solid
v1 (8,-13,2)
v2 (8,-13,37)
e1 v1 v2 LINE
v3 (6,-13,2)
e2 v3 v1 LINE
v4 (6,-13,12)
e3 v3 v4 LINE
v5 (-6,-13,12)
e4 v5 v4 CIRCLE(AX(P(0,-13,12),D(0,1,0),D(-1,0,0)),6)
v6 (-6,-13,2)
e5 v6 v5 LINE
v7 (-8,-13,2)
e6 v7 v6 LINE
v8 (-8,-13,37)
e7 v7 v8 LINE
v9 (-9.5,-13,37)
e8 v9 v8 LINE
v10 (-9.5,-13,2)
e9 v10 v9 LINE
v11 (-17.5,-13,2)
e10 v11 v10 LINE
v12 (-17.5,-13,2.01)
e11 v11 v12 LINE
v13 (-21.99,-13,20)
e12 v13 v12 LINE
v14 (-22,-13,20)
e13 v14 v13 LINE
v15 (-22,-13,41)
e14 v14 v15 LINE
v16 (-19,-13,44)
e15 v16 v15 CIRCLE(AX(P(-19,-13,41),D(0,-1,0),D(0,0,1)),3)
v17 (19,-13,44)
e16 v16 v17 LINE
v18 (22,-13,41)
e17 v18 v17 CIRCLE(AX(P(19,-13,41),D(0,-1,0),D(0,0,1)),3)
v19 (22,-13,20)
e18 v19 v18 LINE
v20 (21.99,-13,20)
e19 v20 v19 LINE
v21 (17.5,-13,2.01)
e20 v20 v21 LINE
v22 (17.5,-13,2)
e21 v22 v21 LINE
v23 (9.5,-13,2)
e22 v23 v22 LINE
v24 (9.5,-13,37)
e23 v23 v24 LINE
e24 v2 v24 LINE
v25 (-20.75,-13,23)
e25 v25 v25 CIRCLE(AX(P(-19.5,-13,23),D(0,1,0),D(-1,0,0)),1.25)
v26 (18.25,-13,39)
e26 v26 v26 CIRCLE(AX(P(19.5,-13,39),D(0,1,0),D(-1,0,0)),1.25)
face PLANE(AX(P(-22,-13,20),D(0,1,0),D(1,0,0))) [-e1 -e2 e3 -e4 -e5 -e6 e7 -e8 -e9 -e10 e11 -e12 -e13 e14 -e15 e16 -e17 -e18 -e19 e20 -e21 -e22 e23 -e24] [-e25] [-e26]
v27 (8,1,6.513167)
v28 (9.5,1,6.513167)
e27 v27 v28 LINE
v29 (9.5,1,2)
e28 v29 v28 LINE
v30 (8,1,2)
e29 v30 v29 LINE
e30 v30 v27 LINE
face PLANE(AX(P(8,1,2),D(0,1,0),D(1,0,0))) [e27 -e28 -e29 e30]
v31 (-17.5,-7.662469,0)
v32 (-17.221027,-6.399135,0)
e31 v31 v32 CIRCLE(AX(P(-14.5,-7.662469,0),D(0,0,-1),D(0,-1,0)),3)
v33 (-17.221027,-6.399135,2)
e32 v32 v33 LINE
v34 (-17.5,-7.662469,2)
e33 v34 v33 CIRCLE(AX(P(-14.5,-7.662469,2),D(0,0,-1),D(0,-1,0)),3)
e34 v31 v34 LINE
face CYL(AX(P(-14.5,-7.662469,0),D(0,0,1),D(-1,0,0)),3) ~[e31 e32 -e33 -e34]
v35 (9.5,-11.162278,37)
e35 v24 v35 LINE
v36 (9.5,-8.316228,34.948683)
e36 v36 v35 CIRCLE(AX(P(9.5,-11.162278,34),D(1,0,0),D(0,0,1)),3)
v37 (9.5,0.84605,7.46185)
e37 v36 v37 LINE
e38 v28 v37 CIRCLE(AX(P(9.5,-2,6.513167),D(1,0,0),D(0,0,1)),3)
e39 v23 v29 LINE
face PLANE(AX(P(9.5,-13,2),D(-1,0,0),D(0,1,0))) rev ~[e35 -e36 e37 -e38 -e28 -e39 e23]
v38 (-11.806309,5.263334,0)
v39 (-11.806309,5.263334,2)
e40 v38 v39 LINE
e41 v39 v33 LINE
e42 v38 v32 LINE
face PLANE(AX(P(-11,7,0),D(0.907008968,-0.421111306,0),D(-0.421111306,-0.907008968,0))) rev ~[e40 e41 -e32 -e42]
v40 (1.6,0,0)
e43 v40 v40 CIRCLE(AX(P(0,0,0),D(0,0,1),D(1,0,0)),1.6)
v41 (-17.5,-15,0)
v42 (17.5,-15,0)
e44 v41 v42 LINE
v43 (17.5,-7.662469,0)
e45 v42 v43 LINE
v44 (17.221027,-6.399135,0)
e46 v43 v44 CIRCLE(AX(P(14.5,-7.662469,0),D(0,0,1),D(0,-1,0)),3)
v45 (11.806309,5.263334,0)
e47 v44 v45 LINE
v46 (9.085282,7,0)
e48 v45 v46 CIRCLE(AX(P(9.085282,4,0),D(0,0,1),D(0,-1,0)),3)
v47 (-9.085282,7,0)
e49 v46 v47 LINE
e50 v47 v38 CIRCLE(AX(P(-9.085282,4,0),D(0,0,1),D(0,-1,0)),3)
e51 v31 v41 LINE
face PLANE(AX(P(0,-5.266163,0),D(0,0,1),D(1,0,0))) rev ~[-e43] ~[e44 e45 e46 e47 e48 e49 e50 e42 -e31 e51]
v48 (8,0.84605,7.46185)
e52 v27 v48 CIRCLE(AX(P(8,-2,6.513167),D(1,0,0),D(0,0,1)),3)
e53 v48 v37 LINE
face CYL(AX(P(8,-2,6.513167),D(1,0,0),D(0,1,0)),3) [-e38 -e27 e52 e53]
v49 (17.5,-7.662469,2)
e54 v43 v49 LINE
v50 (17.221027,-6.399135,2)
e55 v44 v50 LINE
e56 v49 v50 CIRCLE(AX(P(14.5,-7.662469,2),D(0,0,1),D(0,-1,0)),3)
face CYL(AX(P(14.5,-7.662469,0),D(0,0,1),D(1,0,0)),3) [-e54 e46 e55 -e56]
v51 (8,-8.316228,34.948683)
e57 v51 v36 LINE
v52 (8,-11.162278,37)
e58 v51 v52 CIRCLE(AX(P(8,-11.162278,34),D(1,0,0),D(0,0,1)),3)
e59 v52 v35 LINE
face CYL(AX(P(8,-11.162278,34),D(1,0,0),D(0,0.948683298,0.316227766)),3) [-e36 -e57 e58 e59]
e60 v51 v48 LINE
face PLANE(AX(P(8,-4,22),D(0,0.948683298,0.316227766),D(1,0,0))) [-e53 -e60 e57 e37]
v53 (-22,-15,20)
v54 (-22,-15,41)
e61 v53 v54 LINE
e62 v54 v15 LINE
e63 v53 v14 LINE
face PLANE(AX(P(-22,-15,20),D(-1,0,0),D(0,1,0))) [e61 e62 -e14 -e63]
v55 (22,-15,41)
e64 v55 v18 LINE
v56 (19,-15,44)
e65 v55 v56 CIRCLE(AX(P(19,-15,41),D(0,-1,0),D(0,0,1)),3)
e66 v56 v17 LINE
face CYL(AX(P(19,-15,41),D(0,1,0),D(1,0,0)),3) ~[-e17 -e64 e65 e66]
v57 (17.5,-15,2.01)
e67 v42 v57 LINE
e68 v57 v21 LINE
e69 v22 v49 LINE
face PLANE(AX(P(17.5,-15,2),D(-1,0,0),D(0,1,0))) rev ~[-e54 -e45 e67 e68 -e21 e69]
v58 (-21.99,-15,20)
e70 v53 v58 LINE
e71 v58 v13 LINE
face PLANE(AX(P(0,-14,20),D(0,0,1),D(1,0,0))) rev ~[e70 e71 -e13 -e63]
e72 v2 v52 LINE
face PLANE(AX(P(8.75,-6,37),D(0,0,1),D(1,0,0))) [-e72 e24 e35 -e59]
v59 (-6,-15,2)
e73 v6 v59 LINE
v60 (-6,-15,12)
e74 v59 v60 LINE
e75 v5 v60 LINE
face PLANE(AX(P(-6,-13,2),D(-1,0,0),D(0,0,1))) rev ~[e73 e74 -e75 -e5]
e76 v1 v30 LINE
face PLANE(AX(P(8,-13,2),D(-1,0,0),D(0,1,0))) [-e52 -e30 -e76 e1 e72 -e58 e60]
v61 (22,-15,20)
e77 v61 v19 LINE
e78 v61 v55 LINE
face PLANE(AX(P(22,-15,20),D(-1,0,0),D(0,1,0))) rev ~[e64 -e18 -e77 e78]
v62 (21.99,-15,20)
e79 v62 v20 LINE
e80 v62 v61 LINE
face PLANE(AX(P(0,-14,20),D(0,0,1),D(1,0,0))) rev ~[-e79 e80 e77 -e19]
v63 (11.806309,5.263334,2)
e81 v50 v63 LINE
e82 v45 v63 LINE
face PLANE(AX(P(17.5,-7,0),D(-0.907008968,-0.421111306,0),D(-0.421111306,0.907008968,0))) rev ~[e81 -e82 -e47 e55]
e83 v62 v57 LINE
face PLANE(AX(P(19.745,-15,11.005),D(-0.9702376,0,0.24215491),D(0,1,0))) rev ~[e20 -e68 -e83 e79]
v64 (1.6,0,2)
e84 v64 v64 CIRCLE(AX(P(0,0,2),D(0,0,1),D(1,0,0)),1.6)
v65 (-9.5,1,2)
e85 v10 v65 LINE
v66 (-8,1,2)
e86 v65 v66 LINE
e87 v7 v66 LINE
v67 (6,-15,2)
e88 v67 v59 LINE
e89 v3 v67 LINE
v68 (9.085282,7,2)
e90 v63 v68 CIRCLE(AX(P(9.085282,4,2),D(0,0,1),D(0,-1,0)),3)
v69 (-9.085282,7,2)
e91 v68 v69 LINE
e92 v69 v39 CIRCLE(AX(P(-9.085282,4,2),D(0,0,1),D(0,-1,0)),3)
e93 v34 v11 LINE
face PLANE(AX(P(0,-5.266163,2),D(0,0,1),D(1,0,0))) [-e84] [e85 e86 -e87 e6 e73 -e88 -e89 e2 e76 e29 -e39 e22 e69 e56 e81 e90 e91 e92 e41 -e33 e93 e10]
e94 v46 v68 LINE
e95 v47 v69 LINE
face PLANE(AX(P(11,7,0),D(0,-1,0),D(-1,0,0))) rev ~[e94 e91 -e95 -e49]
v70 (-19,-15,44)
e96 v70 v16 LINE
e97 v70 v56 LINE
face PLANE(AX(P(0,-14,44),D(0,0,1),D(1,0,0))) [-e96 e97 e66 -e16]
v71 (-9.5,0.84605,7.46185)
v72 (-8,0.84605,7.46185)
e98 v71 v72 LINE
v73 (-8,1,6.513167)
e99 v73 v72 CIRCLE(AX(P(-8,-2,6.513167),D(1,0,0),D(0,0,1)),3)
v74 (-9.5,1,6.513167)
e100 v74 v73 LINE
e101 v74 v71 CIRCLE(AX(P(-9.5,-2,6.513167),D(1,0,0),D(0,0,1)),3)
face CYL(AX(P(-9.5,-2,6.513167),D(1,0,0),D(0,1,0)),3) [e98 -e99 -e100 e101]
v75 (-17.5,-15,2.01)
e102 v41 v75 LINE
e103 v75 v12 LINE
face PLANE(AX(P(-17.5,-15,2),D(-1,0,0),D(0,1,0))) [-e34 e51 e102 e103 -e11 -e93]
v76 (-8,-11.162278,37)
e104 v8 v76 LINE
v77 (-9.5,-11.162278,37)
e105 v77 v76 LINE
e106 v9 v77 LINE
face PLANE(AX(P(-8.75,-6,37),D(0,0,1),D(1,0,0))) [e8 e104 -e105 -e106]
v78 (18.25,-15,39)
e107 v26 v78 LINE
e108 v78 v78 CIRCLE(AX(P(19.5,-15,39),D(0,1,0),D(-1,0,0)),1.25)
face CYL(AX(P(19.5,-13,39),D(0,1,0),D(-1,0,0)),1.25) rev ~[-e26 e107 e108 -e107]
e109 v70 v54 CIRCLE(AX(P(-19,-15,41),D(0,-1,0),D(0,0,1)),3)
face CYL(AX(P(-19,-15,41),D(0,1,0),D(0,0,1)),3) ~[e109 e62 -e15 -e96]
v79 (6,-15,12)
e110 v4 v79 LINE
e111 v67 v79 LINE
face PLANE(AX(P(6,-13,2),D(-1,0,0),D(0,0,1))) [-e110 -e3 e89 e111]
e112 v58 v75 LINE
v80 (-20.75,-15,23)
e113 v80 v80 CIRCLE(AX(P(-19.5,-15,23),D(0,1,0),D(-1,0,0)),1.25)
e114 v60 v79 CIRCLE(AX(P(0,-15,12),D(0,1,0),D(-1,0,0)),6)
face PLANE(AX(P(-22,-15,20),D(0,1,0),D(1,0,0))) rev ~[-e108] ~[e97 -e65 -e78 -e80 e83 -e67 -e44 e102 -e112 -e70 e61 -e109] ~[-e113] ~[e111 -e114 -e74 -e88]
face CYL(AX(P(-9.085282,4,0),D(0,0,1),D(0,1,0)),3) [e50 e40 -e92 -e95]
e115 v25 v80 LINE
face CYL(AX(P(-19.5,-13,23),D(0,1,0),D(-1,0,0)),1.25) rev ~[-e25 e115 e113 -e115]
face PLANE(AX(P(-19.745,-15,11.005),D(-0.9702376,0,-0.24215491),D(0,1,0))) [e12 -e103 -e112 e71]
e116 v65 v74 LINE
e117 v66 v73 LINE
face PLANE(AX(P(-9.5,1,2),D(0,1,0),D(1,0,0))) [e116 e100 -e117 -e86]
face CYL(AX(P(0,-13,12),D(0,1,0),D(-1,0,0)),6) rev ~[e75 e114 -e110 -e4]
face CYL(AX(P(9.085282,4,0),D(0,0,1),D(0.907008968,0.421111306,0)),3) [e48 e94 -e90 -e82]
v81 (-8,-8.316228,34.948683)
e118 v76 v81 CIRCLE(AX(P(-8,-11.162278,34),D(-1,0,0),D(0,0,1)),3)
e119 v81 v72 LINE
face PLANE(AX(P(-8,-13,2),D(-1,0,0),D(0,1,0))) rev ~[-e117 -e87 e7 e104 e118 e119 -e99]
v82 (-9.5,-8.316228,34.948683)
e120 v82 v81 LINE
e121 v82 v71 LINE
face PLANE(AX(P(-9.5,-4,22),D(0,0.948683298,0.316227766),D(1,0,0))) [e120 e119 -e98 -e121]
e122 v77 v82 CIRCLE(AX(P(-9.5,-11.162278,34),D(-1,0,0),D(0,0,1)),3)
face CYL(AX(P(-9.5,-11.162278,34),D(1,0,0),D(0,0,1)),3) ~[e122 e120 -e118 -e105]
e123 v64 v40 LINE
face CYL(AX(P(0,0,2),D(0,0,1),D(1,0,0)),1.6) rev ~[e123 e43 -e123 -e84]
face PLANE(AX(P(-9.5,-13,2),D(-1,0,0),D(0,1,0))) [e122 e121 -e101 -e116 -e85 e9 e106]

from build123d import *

# Parameters (mm, degrees)
PAD_DEPTH          = 2
SKETCH001_W        = 35
SKETCH001_H        = 2
PAD001_DEPTH       = 18
SKETCH002_W        = 44
SKETCH002_H        = 2
PAD002_DEPTH       = 24
CHAMFER_1_SIZE2    = 17.99
CHAMFER_1_SIZE     = 4.49
CHAMFER_2_SIZE2    = 17.99
CHAMFER_2_SIZE     = 4.49
FILLET_R           = 3
SKETCH003_R        = 1.25
POCKET_DEPTH       = 5
SKETCH004_R        = 1.6
POCKET001_DEPTH    = 5
SKETCH005_W        = 1.5
SKETCH005_H        = 14
PAD003_DEPTH       = 35
CHAMFER001_1_SIZE2 = 30
CHAMFER001_1_SIZE  = 10
CHAMFER001_2_SIZE2 = 30
CHAMFER001_2_SIZE  = 10
FILLET001_R        = 3
POCKET002_DEPTH    = 5


with BuildPart() as part:
    # Sketch → Pad (new body)
    with BuildSketch(Plane.XY):
        Polygon((-17.5, -15), (17.5, -15), (17.5, -7), (11, 7), (-11, 7), (-17.5, -7), align=None)
    extrude(amount=PAD_DEPTH)

    # Sketch001 (on Face8 of Pad) → Pad001 (join)
    with BuildSketch(Plane.XY.offset(2)):
        with Locations((0, -14)):
            Rectangle(SKETCH001_W, SKETCH001_H)
    extrude(amount=PAD001_DEPTH)

    # Sketch002 (on Face12 of Pad001) → Pad002 (join)
    with BuildSketch(Plane.XY.offset(20)):
        with Locations((0, -14)):
            Rectangle(SKETCH002_W, SKETCH002_H)
    extrude(amount=PAD002_DEPTH)

    # Chamfer 1
    chamfer_1_edges = [part.edges().sort_by_distance(p)[0] for p in [
        (-17.5, -14, 20),
    ]]
    chamfer_1_side = part.faces().sort_by_distance((-19.75, -14, 20))[0]
    chamfer(chamfer_1_edges, length=CHAMFER_1_SIZE, length2=CHAMFER_1_SIZE2, reference=chamfer_1_side)

    # Chamfer 2
    chamfer_2_edges = [part.edges().sort_by_distance(p)[0] for p in [
        (17.5, -14, 20),
    ]]
    chamfer_2_side = part.faces().sort_by_distance((19.75, -14, 20))[0]
    chamfer(chamfer_2_edges, length=CHAMFER_2_SIZE, length2=CHAMFER_2_SIZE2, reference=chamfer_2_side)

    # Fillet
    fillet_edges = [part.edges().sort_by_distance(p)[0] for p in [
        (22, -14, 44),
        (17.5, -7, 1),
        (11, 7, 1),
        (-11, 7, 1),
        (-17.5, -7, 1),
        (-22, -14, 44),
    ]]
    fillet(fillet_edges, radius=FILLET_R)

    # Sketch003 (on Face1 of Fillet) → Pocket (cut)
    with BuildSketch(Plane(origin=(0, -13, 0), x_dir=(-1, 0, 0), z_dir=(0, 1, 0))):
        with Locations((-19.5, 39)):
            Circle(SKETCH003_R)
        with Locations((19.5, 23)):
            Circle(SKETCH003_R)
    extrude(amount=-POCKET_DEPTH, mode=Mode.SUBTRACT)

    # Sketch004 (on Face16 of Pocket) → Pocket001 (cut)
    with BuildSketch(Plane.XY.offset(2)):
        Circle(SKETCH004_R)
    extrude(amount=-POCKET001_DEPTH, mode=Mode.SUBTRACT)

    # Sketch005 (on Face16 of Pocket001) → Pad003 (join)
    with BuildSketch(Plane.XY.offset(2)):
        with Locations((-8.75, -6)):
            Rectangle(SKETCH005_W, SKETCH005_H)
        with Locations((8.75, -6)):
            Rectangle(SKETCH005_W, SKETCH005_H)
    extrude(amount=PAD003_DEPTH)

    # Chamfer001 1
    chamfer001_1_edges = [part.edges().sort_by_distance(p)[0] for p in [
        (-8.75, 1, 37),
    ]]
    chamfer001_1_side = part.faces().sort_by_distance((-8.75, -6, 37))[0]
    chamfer(chamfer001_1_edges, length=CHAMFER001_1_SIZE, length2=CHAMFER001_1_SIZE2, reference=chamfer001_1_side)

    # Chamfer001 2
    chamfer001_2_edges = [part.edges().sort_by_distance(p)[0] for p in [
        (8.75, 1, 37),
    ]]
    chamfer001_2_side = part.faces().sort_by_distance((8.75, -6, 37))[0]
    chamfer(chamfer001_2_edges, length=CHAMFER001_2_SIZE, length2=CHAMFER001_2_SIZE2, reference=chamfer001_2_side)

    # Fillet001
    fillet001_edges = [part.edges().sort_by_distance(p)[0] for p in [
        (8.75, -9, 37),
        (-8.75, -9, 37),
        (-8.75, 1, 7),
        (8.75, 1, 7),
    ]]
    fillet(fillet001_edges, radius=FILLET001_R)

    # Sketch006 (on Face23 of Fillet001) → Pocket002 (cut)
    with BuildSketch(Plane(origin=(0, -13, 0), x_dir=(-1, 0, 0), z_dir=(0, 1, 0))):
        with BuildLine():
            Line((-6, 2), (-6, 12))
            ThreePointArc((6, 12), (0, 18), (-6, 12))
            Line((6, 2), (6, 12))
            Line((-6, 2), (6, 2))
        make_face()
    extrude(amount=-POCKET002_DEPTH, mode=Mode.SUBTRACT)


solid = part.part
